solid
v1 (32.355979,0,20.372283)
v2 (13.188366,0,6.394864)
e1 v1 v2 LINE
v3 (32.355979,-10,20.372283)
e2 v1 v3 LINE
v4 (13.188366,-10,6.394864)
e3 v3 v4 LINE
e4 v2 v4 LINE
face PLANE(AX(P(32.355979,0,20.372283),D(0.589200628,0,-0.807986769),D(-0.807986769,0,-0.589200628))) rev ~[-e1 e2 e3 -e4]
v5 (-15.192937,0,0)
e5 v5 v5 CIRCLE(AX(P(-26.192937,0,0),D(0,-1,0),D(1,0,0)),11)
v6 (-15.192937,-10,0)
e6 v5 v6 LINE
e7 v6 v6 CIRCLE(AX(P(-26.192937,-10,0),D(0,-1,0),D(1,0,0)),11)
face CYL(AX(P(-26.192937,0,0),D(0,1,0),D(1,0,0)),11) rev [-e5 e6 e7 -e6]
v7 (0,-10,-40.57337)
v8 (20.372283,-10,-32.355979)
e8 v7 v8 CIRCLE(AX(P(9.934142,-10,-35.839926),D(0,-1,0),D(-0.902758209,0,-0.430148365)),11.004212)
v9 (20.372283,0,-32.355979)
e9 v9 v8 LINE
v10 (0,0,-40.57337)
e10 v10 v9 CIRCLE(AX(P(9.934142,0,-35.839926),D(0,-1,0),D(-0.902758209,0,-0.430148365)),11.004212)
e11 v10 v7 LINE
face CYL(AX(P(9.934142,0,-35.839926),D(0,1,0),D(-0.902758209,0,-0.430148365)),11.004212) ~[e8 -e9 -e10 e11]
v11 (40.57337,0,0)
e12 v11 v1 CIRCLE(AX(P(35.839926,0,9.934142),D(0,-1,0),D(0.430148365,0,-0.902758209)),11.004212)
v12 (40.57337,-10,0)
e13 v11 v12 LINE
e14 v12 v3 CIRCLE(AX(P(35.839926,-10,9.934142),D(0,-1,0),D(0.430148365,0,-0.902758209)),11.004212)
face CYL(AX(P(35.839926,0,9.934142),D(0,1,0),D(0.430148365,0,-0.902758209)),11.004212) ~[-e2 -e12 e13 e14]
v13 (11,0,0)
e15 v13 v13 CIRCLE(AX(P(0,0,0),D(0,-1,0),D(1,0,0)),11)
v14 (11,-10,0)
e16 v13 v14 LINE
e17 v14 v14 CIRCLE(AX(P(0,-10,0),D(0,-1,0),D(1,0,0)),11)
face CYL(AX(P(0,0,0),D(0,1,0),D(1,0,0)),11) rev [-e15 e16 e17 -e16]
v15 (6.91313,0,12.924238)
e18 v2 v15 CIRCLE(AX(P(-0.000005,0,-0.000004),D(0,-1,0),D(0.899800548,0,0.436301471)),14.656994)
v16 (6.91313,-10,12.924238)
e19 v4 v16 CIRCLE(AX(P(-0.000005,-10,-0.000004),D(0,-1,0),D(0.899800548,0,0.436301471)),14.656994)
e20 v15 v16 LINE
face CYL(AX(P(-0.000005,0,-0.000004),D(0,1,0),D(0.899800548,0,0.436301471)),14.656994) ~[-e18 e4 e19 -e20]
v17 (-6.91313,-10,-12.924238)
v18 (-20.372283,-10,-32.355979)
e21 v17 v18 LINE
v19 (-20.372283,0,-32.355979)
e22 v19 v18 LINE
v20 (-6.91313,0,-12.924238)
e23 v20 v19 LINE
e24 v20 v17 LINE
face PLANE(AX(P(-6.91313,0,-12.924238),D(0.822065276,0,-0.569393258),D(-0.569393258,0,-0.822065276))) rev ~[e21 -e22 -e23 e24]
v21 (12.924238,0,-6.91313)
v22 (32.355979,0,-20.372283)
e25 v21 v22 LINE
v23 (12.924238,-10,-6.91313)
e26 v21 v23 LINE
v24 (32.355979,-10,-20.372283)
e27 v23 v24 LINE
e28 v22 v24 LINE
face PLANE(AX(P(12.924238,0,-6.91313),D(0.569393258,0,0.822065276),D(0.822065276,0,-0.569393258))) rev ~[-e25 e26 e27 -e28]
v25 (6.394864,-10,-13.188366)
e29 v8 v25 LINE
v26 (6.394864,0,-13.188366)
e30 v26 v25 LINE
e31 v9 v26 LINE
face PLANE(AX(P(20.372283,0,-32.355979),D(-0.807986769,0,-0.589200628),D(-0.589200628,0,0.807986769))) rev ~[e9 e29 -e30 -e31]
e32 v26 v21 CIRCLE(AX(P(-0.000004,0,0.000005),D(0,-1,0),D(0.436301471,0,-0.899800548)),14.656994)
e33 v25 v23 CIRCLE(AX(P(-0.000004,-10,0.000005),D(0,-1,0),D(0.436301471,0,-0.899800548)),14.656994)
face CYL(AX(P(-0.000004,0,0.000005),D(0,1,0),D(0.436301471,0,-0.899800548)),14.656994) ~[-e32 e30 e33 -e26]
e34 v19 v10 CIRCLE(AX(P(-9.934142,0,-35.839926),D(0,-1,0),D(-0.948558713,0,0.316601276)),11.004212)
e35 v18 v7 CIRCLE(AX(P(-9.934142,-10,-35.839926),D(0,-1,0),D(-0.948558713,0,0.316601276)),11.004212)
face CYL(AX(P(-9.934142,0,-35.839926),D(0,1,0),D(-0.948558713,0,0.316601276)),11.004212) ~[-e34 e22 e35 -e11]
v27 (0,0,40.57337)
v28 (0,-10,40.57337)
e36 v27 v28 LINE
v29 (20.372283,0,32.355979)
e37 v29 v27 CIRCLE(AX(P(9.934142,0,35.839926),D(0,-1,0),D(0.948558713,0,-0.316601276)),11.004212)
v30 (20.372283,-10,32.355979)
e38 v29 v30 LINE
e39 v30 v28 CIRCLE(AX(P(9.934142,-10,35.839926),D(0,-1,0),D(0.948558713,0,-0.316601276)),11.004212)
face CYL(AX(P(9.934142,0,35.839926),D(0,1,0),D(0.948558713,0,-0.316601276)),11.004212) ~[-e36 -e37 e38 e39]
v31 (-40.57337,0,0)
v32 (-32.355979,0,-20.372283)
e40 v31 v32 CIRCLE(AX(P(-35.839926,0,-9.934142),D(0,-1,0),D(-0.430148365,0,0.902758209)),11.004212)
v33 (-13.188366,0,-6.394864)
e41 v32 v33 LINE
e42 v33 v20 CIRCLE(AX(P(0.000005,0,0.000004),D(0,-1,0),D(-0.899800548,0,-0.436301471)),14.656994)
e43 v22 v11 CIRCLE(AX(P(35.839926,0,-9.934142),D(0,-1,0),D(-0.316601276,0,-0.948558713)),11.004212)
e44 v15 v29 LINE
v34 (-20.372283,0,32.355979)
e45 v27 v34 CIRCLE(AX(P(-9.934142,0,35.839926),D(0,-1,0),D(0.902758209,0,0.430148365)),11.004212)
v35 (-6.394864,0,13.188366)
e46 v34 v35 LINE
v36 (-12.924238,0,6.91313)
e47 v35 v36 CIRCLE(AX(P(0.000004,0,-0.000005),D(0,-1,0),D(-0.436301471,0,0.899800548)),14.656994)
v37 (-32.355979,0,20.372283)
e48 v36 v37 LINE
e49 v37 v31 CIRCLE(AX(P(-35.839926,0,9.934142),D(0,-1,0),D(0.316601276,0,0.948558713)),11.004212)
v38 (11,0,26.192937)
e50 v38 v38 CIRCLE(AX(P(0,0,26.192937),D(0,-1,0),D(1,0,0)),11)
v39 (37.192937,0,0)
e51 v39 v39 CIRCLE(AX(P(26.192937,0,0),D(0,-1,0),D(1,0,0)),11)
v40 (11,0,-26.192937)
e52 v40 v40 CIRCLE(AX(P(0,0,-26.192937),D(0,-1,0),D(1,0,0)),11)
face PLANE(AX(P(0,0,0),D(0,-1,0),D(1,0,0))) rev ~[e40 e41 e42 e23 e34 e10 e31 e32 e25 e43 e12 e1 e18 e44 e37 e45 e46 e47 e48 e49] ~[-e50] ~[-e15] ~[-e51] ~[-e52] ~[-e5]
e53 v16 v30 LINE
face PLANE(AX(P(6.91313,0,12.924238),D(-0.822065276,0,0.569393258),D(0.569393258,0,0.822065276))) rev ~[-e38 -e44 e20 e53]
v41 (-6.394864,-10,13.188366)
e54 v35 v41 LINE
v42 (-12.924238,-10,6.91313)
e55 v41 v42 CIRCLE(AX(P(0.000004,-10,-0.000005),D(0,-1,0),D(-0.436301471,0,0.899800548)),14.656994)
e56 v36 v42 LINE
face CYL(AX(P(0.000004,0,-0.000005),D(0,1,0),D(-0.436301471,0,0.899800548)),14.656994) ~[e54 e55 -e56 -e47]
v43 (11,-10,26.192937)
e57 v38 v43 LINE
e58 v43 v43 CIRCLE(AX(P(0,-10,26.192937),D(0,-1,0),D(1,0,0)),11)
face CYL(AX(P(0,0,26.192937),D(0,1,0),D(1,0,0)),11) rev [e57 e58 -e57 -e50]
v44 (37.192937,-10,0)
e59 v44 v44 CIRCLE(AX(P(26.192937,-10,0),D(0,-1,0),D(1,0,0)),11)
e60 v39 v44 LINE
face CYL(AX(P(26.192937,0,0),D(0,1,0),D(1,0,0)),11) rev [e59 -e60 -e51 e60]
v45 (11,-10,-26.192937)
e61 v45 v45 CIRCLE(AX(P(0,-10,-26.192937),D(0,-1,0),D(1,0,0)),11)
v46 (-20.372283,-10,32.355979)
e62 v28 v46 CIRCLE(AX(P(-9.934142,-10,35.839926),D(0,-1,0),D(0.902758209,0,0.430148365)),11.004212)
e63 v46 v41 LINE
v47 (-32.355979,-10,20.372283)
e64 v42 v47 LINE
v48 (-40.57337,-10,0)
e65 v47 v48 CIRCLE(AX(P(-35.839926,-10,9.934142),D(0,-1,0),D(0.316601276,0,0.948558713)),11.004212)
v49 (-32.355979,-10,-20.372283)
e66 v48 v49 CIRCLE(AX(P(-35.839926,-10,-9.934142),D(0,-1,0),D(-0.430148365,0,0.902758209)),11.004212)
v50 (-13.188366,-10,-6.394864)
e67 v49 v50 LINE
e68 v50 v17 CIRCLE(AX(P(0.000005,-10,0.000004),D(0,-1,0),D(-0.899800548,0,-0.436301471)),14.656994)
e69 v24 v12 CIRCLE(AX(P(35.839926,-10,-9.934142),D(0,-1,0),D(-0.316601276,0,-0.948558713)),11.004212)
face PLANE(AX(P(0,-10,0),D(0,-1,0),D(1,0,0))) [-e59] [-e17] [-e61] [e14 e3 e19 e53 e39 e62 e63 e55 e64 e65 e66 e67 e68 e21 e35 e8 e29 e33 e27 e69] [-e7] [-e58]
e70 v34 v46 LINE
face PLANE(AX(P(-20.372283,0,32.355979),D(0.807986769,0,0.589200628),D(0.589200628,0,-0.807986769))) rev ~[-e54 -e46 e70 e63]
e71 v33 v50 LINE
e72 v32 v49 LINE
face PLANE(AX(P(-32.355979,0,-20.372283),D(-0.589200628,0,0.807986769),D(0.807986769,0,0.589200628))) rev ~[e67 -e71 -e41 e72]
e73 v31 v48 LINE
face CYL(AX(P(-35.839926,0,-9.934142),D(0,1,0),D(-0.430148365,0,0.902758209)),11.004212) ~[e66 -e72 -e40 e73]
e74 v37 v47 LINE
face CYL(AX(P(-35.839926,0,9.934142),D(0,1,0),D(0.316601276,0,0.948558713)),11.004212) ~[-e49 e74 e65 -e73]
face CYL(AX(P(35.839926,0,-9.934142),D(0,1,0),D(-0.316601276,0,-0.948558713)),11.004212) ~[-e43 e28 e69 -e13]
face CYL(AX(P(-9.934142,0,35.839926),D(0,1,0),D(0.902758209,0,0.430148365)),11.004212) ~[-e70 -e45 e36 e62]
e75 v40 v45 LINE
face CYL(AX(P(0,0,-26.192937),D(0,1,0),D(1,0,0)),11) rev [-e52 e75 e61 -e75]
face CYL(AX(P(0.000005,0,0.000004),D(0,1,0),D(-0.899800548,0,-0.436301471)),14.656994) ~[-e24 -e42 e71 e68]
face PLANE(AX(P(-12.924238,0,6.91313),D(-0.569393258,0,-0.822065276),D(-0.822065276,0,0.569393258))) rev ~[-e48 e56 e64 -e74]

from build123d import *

# Parameters (mm, degrees)
F0_R     = 11
F1_DEPTH = 10


with BuildPart() as f1:
    # F0 (on Front) → F1 (new body)
    with BuildSketch(Plane.XZ):
        with BuildLine():
            Line((-20.372283, 32.355979), (-6.394864, 13.188366))
            ThreePointArc((-6.394864, 13.188366), (-10.156356, 10.567673), (-12.924238, 6.91313))
            Line((-12.924238, 6.91313), (-32.355979, 20.372283))
            ThreePointArc((-32.355979, 20.372283), (-46.045209, 14.050558), (-40.57337, 0))
            ThreePointArc((-40.57337, 0), (-46.045209, -14.050558), (-32.355979, -20.372283))
            Line((-32.355979, -20.372283), (-13.188366, -6.394864))
            ThreePointArc((-13.188366, -6.394864), (-10.567673, -10.156356), (-6.91313, -12.924238))
            Line((-6.91313, -12.924238), (-20.372283, -32.355979))
            ThreePointArc((-20.372283, -32.355979), (-14.050558, -46.045209), (0, -40.57337))
            ThreePointArc((0, -40.57337), (14.050558, -46.045209), (20.372283, -32.355979))
            Line((20.372283, -32.355979), (6.394864, -13.188366))
            ThreePointArc((6.394864, -13.188366), (10.156356, -10.567673), (12.924238, -6.91313))
            Line((12.924238, -6.91313), (32.355979, -20.372283))
            ThreePointArc((32.355979, -20.372283), (46.045209, -14.050558), (40.57337, 0))
            ThreePointArc((40.57337, 0), (46.045209, 14.050558), (32.355979, 20.372283))
            Line((32.355979, 20.372283), (13.188366, 6.394864))
            ThreePointArc((13.188366, 6.394864), (10.567673, 10.156356), (6.91313, 12.924238))
            Line((6.91313, 12.924238), (20.372283, 32.355979))
            ThreePointArc((20.372283, 32.355979), (14.050558, 46.045209), (0, 40.57337))
            ThreePointArc((0, 40.57337), (-14.050558, 46.045209), (-20.372283, 32.355979))
        make_face()
        with Locations((0, -26.192937)):
            Circle(F0_R, mode=Mode.SUBTRACT)
        with Locations((-26.192937, 0)):
            Circle(F0_R, mode=Mode.SUBTRACT)
        Circle(F0_R, mode=Mode.SUBTRACT)
        with Locations((26.192937, 0)):
            Circle(F0_R, mode=Mode.SUBTRACT)
        with Locations((0, 26.192937)):
            Circle(F0_R, mode=Mode.SUBTRACT)
    extrude(amount=F1_DEPTH)


solid = f1.part
